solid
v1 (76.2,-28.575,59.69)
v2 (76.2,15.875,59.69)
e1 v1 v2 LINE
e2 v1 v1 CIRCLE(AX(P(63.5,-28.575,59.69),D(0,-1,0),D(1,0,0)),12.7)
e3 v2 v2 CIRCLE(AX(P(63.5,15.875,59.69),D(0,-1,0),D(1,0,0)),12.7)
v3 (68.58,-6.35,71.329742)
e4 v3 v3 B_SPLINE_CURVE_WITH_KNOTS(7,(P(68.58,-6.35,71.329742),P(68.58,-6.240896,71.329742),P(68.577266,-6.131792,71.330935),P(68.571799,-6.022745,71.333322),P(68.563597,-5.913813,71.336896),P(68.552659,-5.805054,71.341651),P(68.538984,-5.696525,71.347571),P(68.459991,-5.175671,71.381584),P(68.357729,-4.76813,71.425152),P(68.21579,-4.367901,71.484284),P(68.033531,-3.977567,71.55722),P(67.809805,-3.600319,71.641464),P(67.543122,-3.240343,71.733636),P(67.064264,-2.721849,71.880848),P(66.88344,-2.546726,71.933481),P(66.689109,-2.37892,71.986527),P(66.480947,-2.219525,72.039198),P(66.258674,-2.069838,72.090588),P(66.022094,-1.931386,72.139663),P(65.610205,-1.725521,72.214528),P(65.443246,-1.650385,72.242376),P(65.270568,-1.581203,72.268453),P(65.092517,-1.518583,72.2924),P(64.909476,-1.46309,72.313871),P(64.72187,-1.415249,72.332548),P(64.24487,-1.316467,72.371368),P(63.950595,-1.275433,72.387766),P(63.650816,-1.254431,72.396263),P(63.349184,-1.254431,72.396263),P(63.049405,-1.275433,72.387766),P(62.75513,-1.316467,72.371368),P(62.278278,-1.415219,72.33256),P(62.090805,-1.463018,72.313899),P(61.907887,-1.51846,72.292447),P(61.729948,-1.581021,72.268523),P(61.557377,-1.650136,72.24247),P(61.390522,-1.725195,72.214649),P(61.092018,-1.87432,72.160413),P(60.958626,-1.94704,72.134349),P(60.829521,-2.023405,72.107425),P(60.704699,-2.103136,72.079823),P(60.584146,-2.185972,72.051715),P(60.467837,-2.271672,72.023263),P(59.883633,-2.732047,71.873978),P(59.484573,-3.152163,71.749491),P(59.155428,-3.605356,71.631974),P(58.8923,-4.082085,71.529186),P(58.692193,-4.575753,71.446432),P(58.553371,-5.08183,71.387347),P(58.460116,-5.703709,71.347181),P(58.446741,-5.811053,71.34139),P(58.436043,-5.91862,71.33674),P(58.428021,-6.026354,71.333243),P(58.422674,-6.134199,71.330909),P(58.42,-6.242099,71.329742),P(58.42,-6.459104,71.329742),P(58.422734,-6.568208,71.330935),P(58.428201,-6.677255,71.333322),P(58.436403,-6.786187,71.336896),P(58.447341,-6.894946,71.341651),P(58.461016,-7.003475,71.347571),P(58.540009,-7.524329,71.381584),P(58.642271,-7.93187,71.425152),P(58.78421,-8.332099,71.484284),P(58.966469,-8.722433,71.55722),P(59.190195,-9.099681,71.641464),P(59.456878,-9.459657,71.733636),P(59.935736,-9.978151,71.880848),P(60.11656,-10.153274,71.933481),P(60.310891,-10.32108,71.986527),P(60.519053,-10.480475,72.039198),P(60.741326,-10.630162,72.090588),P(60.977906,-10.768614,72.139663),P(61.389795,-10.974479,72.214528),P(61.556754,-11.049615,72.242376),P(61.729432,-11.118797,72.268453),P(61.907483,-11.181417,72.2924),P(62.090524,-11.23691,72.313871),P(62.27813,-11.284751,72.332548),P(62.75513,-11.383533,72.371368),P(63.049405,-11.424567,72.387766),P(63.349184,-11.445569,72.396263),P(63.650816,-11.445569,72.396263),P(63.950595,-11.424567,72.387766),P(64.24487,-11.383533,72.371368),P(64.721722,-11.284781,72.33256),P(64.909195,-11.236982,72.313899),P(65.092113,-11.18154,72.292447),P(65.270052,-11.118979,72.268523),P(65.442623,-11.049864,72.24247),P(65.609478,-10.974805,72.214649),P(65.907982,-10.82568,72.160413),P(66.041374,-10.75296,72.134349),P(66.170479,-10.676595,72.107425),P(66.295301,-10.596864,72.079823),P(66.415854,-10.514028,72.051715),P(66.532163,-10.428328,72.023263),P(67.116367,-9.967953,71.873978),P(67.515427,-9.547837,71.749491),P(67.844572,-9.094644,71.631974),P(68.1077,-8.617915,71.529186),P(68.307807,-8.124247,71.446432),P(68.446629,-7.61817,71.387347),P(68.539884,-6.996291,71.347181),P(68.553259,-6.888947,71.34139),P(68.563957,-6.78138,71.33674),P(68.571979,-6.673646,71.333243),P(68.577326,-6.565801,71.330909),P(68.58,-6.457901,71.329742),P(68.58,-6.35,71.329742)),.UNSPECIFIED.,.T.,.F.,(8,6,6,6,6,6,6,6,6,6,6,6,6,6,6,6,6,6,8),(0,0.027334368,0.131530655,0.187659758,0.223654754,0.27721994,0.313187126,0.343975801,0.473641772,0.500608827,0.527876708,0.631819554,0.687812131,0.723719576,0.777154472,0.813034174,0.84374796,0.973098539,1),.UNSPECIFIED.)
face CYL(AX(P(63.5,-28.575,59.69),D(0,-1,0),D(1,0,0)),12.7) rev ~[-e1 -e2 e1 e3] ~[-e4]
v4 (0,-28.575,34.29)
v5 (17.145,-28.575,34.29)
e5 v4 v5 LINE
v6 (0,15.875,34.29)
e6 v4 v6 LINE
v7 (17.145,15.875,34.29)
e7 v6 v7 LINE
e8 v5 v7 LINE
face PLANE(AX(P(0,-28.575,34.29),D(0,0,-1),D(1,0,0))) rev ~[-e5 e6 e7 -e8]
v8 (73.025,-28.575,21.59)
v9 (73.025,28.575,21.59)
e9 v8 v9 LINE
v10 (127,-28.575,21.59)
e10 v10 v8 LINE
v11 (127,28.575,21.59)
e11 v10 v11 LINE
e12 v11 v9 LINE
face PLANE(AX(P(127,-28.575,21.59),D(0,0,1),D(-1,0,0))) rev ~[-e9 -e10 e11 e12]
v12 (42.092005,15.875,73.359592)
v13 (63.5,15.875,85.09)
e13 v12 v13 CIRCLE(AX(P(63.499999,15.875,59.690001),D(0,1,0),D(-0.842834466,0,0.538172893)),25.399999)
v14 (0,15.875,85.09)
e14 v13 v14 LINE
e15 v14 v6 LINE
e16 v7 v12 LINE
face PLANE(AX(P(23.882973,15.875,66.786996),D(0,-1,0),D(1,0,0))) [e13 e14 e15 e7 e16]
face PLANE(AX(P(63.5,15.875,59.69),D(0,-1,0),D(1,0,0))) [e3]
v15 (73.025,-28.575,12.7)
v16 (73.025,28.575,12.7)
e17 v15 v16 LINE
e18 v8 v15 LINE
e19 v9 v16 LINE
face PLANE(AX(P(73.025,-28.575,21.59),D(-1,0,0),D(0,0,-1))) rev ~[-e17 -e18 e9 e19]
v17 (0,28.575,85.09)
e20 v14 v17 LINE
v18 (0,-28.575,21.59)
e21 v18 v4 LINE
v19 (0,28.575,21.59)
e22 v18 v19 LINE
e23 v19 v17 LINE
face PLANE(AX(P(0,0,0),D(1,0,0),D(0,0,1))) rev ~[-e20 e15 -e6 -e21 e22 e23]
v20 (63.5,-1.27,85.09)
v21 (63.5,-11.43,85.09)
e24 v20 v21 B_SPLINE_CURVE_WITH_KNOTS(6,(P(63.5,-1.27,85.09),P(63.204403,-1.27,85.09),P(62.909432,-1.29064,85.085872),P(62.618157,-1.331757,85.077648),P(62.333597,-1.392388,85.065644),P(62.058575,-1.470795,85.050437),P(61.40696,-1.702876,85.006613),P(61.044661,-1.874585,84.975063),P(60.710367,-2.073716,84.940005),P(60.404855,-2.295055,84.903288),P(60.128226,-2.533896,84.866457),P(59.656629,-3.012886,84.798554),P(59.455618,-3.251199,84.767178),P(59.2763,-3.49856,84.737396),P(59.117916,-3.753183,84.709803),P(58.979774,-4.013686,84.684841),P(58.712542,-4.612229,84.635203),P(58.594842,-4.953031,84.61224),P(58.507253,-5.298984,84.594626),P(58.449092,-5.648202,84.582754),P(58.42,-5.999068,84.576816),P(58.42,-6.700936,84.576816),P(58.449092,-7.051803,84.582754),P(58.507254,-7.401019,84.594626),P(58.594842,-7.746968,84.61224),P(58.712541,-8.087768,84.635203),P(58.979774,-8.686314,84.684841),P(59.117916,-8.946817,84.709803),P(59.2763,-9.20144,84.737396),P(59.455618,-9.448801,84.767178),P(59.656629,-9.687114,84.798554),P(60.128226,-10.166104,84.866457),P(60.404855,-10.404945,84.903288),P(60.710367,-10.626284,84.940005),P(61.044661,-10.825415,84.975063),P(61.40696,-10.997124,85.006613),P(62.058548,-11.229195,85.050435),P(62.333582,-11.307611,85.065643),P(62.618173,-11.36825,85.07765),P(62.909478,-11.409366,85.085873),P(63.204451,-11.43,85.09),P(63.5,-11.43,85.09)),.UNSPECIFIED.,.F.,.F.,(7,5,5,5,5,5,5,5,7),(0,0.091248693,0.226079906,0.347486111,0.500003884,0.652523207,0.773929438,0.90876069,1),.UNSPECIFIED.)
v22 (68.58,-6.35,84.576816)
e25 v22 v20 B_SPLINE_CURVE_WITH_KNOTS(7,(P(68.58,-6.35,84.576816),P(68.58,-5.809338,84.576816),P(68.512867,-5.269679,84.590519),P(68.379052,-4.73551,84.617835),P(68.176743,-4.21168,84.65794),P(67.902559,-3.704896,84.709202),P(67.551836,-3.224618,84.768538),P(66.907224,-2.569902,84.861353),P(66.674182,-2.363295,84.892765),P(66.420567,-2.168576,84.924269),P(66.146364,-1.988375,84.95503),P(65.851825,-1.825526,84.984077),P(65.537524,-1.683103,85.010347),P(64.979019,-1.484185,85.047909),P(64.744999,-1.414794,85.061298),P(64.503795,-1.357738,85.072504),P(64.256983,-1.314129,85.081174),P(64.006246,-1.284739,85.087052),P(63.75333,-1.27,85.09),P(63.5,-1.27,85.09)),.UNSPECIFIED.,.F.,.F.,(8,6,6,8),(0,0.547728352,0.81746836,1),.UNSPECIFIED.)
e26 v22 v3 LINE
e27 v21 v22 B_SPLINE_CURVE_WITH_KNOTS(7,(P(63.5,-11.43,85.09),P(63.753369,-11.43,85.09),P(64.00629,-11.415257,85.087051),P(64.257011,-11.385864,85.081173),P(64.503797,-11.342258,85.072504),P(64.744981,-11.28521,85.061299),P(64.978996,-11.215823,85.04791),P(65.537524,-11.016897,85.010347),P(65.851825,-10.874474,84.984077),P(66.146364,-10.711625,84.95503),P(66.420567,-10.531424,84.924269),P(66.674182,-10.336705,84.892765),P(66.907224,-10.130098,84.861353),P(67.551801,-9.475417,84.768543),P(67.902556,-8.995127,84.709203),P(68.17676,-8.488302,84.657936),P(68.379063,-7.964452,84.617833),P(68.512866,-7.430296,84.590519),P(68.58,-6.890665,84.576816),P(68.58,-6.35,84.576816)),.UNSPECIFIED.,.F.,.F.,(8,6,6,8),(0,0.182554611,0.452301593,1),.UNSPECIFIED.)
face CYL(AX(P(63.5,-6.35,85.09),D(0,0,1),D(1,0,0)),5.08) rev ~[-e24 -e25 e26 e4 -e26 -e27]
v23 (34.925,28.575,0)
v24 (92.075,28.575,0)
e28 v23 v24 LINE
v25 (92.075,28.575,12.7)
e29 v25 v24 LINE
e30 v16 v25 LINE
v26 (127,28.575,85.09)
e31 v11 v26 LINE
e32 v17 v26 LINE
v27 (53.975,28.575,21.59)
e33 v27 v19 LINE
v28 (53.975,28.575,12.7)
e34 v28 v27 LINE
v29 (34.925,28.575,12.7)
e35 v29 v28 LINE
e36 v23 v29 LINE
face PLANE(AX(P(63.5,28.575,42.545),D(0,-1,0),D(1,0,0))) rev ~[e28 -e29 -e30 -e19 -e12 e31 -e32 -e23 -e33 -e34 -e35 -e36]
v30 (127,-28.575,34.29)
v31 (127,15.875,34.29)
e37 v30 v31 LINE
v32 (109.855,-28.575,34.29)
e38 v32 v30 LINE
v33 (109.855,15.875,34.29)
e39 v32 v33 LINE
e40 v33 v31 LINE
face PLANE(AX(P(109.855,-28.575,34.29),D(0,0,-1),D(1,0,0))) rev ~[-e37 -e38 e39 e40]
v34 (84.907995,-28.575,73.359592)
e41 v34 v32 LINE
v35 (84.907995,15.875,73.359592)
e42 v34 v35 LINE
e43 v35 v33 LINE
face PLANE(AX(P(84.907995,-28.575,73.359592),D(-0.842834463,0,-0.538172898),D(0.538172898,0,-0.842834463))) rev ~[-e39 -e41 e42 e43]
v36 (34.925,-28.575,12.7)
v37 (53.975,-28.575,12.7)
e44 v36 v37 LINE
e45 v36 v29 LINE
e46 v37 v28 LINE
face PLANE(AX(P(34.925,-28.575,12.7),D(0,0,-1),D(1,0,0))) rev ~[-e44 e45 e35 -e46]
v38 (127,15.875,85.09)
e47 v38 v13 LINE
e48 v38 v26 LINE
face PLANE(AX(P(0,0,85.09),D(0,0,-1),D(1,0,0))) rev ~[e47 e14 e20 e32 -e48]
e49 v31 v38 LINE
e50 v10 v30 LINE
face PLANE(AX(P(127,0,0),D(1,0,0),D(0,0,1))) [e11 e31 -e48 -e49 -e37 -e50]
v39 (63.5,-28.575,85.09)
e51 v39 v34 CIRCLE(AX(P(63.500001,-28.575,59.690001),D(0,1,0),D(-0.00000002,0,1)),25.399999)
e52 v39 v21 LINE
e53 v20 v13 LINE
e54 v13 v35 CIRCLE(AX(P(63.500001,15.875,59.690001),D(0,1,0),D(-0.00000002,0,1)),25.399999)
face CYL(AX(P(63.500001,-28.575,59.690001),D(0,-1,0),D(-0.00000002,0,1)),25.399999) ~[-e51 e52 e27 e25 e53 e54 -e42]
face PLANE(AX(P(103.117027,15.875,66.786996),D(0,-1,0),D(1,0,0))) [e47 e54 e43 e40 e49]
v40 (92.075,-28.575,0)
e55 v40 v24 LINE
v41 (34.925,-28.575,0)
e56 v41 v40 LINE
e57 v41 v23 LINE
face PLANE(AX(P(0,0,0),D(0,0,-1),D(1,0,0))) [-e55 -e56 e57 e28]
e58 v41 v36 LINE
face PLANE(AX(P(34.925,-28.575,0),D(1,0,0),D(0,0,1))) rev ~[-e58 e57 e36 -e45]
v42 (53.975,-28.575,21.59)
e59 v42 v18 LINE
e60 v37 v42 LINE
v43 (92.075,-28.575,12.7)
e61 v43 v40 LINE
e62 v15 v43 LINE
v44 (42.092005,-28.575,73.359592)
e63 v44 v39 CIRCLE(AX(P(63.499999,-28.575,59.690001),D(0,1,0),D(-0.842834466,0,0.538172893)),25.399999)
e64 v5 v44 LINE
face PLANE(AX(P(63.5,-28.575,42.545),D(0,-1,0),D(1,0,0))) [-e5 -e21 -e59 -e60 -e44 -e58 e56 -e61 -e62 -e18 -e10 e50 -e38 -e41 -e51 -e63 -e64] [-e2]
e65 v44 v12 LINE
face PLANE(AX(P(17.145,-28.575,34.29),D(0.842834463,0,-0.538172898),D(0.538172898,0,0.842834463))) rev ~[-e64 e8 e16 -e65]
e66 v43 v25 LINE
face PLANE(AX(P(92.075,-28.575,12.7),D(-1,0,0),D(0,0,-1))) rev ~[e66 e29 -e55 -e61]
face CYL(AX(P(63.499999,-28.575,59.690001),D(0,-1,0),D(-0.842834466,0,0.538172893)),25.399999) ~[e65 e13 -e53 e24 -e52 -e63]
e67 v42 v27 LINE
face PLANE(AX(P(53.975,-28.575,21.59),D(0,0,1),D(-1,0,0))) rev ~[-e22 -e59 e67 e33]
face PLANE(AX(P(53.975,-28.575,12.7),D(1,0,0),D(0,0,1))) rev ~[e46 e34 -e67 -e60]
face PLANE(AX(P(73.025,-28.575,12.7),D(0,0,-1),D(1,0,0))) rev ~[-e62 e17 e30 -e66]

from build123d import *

# Parameters (mm, degrees)
F0_W     = 127
F0_H     = 85.09
F1_DEPTH = 28.575
F3_DEPTH = 57.151
F5_R     = 5.08
F6_DEPTH = 25.4
F4_R     = 12.7
F7_DEPTH = 44.45


with BuildPart() as f1:
    # F0 (on Front) → F1 (new body, symmetric)
    with BuildSketch(Plane.XZ):
        with Locations((63.5, 42.545)):
            Rectangle(F0_W, F0_H)
    extrude(amount=F1_DEPTH, both=True)

    # F2 (on face) → F3 (cut, through all)
    with BuildSketch(Plane.XZ.offset(28.575)):
        Polygon((0, 0), (34.925, 0), (34.925, 12.7), (53.975, 12.7), (53.975, 21.59), (0, 21.59), align=None)
        Polygon((92.075, 12.7), (92.075, 0), (127, 0), (127, 21.59), (73.025, 21.59), (73.025, 12.7), align=None)
    extrude(amount=-F3_DEPTH, mode=Mode.SUBTRACT)

    # F5 (on face) → F6 (cut)
    with BuildSketch(Plane.XY.offset(85.09)):
        with Locations((63.5, -6.35)):
            Circle(F5_R)
    extrude(amount=-F6_DEPTH, mode=Mode.SUBTRACT)

    # F4 (on face) → F7 (cut)
    with BuildSketch(Plane.XZ.offset(28.575)):
        with Locations((63.5, 59.69)):
            Circle(F4_R)
        with BuildLine():
            Line((0, 85.09), (0, 34.29))
            Line((0, 34.29), (17.145, 34.29))
            Line((17.145, 34.29), (42.092005, 73.359592))
            ThreePointArc((42.092005, 73.359592), (51.29442, 81.965184), (63.5, 85.09))
            Line((63.5, 85.09), (0, 85.09))
        make_face()
        with BuildLine():
            Line((127, 85.09), (63.5, 85.09))
            ThreePointArc((63.5, 85.09), (75.70558, 81.965184), (84.907995, 73.359592))
            Line((84.907995, 73.359592), (109.855, 34.29))
            Line((109.855, 34.29), (127, 34.29))
            Line((127, 34.29), (127, 85.09))
        make_face()
    extrude(amount=-F7_DEPTH, mode=Mode.SUBTRACT)


solid = f1.part
